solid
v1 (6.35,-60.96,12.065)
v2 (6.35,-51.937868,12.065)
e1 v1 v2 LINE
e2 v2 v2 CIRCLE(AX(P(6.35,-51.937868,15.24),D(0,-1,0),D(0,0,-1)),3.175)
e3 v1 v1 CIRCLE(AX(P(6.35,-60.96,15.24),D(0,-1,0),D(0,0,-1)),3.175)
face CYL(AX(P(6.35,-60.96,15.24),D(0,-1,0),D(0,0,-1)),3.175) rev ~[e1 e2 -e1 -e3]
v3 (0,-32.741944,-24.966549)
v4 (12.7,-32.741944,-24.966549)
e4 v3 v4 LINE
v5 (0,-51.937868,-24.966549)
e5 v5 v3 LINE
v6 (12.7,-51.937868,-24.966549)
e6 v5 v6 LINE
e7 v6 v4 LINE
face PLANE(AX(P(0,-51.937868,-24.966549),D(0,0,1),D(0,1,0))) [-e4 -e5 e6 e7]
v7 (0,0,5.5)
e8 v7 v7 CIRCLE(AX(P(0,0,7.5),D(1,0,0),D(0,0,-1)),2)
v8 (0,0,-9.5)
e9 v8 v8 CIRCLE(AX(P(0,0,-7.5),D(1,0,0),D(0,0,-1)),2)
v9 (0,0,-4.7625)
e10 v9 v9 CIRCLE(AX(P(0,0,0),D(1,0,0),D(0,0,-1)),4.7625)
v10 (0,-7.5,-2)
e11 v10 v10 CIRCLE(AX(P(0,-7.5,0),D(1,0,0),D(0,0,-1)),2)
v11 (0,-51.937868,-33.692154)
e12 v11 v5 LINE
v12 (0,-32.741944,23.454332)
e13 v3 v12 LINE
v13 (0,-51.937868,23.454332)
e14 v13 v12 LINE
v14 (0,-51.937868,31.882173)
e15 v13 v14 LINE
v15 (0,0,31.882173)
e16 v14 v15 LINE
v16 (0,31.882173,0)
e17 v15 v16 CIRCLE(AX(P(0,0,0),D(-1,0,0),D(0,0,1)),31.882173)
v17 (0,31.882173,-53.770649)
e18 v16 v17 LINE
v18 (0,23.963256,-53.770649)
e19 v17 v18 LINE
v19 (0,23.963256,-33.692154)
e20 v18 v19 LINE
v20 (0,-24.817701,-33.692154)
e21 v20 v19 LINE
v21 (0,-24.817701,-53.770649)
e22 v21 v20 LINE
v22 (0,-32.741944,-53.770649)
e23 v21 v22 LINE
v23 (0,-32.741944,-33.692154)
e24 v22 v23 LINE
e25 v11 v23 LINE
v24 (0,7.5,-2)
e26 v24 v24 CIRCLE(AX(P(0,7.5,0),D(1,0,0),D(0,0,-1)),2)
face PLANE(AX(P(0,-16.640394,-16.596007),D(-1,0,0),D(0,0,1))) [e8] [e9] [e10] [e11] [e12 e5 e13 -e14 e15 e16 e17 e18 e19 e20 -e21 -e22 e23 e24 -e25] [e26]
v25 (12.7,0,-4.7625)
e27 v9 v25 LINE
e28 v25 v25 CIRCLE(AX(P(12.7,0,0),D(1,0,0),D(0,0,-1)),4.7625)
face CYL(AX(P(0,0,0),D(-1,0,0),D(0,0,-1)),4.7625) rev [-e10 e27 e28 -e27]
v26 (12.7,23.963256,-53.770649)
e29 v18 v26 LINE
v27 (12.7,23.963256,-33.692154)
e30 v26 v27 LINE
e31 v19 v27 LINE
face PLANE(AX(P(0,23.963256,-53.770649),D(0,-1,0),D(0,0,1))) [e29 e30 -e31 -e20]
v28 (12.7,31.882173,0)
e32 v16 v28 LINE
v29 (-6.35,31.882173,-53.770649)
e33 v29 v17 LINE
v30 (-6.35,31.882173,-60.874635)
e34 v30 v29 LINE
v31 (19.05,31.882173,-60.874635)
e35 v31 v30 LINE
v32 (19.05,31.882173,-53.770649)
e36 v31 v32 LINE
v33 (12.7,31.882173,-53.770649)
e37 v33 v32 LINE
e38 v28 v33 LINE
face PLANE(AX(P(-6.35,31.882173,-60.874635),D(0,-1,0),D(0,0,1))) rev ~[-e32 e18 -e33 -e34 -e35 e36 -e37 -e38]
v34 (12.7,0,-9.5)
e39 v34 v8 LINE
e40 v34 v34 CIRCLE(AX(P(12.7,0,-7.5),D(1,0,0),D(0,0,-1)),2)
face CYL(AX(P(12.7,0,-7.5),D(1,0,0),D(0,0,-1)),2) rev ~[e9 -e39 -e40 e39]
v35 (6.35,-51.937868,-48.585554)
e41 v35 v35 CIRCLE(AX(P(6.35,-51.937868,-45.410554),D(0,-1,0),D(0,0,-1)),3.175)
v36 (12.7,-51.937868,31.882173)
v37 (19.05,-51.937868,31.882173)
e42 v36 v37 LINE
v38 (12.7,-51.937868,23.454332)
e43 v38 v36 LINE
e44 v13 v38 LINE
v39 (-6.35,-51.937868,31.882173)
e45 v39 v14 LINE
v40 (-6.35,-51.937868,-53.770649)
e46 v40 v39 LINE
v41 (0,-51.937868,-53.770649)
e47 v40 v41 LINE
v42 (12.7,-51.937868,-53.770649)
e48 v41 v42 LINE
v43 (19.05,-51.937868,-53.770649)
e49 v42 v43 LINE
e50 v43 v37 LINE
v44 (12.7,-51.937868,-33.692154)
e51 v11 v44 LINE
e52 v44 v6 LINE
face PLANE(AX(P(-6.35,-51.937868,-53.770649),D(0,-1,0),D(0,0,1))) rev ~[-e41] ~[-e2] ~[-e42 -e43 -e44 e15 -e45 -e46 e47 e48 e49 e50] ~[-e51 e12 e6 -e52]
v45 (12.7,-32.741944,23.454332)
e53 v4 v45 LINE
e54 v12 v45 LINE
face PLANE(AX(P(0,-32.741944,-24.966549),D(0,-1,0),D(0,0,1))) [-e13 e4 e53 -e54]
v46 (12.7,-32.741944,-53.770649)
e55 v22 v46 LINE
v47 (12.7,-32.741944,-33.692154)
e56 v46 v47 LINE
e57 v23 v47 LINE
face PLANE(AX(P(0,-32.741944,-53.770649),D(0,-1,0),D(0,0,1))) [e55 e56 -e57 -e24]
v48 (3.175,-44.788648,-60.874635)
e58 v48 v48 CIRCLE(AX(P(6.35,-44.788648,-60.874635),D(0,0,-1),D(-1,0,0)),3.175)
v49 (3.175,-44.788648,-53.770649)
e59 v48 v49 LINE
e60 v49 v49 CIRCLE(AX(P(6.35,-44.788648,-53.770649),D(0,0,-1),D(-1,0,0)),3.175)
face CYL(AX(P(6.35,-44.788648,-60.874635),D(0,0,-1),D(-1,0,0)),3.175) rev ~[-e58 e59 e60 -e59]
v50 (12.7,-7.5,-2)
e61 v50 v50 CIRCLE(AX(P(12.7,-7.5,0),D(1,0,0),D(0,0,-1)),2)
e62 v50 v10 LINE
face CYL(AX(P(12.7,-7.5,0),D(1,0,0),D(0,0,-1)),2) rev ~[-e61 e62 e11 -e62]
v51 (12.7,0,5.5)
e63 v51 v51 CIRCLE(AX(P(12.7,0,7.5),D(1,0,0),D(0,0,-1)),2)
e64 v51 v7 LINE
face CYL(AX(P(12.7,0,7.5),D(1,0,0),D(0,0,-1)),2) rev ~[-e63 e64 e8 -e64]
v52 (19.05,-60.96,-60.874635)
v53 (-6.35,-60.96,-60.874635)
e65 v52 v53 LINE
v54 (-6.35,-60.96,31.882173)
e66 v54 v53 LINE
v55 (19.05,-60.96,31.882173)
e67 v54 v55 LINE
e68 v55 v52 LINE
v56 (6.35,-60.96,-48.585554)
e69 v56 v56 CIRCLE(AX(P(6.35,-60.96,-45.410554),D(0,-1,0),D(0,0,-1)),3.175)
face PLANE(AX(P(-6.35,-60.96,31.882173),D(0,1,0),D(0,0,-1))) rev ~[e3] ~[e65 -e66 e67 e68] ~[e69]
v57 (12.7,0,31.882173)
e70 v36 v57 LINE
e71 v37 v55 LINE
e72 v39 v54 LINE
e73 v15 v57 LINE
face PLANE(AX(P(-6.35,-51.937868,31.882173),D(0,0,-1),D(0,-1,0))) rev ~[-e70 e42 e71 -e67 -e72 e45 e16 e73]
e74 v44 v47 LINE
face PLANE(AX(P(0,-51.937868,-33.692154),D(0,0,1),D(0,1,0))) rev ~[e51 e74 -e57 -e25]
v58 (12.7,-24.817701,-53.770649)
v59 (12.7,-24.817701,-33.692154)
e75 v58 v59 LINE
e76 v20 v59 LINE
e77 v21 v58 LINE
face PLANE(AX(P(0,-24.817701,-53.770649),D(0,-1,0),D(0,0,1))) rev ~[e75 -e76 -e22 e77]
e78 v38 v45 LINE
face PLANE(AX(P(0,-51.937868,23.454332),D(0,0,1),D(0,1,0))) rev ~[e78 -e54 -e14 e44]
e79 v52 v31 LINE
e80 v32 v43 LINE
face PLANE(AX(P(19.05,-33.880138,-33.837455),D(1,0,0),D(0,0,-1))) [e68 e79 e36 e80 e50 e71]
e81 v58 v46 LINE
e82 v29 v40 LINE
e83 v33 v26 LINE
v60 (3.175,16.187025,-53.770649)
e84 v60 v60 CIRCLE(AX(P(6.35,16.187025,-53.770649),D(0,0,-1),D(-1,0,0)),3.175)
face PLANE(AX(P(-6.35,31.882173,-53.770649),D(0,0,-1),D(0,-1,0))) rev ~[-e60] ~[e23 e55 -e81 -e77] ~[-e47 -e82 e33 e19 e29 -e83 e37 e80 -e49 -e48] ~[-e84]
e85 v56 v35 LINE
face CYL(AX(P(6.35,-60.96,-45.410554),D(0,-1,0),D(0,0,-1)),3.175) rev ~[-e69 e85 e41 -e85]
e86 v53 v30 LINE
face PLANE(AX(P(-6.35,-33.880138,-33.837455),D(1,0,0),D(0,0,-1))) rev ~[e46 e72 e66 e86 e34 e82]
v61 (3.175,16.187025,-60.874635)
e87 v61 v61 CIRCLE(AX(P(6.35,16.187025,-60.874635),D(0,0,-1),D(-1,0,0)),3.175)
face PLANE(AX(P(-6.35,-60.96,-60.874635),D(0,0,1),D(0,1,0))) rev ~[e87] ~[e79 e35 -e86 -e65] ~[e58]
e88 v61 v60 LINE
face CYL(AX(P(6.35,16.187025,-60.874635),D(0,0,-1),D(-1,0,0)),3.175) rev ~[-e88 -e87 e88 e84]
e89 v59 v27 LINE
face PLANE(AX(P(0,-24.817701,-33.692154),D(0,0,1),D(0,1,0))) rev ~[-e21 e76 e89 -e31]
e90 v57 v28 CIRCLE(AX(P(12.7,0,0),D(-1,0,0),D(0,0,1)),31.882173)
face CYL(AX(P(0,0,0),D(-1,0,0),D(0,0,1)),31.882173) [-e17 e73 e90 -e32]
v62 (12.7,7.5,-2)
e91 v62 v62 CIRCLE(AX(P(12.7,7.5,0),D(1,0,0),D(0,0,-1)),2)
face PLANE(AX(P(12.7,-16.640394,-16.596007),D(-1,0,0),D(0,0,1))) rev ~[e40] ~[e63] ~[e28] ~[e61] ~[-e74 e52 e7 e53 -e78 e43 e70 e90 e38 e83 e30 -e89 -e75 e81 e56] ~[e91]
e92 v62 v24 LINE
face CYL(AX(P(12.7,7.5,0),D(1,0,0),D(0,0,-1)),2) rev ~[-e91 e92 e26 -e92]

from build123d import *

# Parameters (mm, degrees)
SKETCH1_R                = 4.7625
BOSS_EXTRUDE1_DEPTH      = 12.7
BOSS_EXTRUDE2_DEPTH      = 6.35
BOSS_EXTRUDE2_DEPTH_BACK = 19.05
SKETCH4_W                = 20.078494948
SKETCH4_H                = 48.78095735
SKETCH4_W_2              = 48.420880553
SKETCH4_H_2              = 19.195923741
CUT_EXTRUDE2_DEPTH       = 26.162
SKETCH5_R                = 3.175
CUT_EXTRUDE3_DEPTH       = 11.43
SKETCH6_R                = 3.175
CUT_EXTRUDE4_DEPTH       = 11.43
SKETCH11_R               = 2
CUT_EXTRUDE7_DEPTH       = 21.844


with BuildPart() as part:
    # Sketch1 → Boss-Extrude1 (new body)
    with BuildSketch(Plane(origin=(0, 0, 0), x_dir=(0, 0, -1), z_dir=(1, 0, 0))):
        with BuildLine():
            Line((0, 31.882172919), (31.882172919, 31.882172919))
            Line((31.882172919, 31.882172919), (60.87463474, 31.882172919))
            Line((60.87463474, 31.882172919), (60.87463474, -60.96))
            Line((60.87463474, -60.96), (-31.882172919, -60.96))
            Line((-31.882172919, -60.96), (-31.882172919, 0))
            ThreePointArc((-31.882172919, 0), (-22.54410067, 22.54410067), (0, 31.882172919))
        make_face()
        Circle(SKETCH1_R, mode=Mode.SUBTRACT)
    extrude(amount=BOSS_EXTRUDE1_DEPTH)

    # Sketch8 → Boss-Extrude2 (add, two sides: drawn at the far end of the back side and taken through both)
    with BuildSketch(Plane(origin=(12.7, 0, 0), x_dir=(0, 0, -1), z_dir=(1, 0, 0)).offset(-BOSS_EXTRUDE2_DEPTH_BACK)):
        Polygon((60.87463474, 31.882172919), (53.770648903, 31.882172919), (53.770648903, -51.937867719), (-31.882172919, -51.937867719), (-31.882172919, -60.96), (53.770648903, -60.96), (60.87463474, -60.96), align=None)
    extrude(amount=BOSS_EXTRUDE2_DEPTH + BOSS_EXTRUDE2_DEPTH_BACK)

    # Sketch4 → Cut-Extrude2 (cut)
    with BuildSketch(Plane.ZY):
        with Locations((-43.731401429, -0.427222634)):
            Rectangle(SKETCH4_W, SKETCH4_H)
        with Locations((-0.75610861, -42.339905849)):
            Rectangle(SKETCH4_W_2, SKETCH4_H_2)
        with Locations((-43.731401429, -42.339905849)):
            Rectangle(SKETCH4_W, SKETCH4_H_2)
    extrude(amount=-CUT_EXTRUDE2_DEPTH, mode=Mode.SUBTRACT)

    # Sketch5 → Cut-Extrude3 (cut)
    with BuildSketch(Plane(origin=(0, 0, -60.87463474), x_dir=(-1, 0, 0), z_dir=(0, 0, -1))):
        with Locations((-6.35, 16.187024645)):
            Circle(SKETCH5_R)
        with Locations((-6.35, -44.788648077)):
            Circle(SKETCH5_R)
    extrude(amount=-CUT_EXTRUDE3_DEPTH, mode=Mode.SUBTRACT)

    # Sketch6 → Cut-Extrude4 (cut)
    with BuildSketch(Plane.XZ.offset(60.96)):
        with Locations((6.35, 15.24)):
            Circle(SKETCH6_R)
        with Locations((6.35, -45.41055385)):
            Circle(SKETCH6_R)
    extrude(amount=-CUT_EXTRUDE4_DEPTH, mode=Mode.SUBTRACT)

    # Sketch11 → Cut-Extrude7 (cut)
    with BuildSketch(Plane(origin=(12.7, 0, 0), x_dir=(0, 0, -1), z_dir=(1, 0, 0))):
        with Locations((7.5, 0)):
            Circle(SKETCH11_R)
        with Locations((0, -7.5)):
            Circle(SKETCH11_R)
        with Locations((-7.5, 0)):
            Circle(SKETCH11_R)
        with Locations((0, 7.5)):
            Circle(SKETCH11_R)
    extrude(amount=-CUT_EXTRUDE7_DEPTH, mode=Mode.SUBTRACT)


solid = part.part
